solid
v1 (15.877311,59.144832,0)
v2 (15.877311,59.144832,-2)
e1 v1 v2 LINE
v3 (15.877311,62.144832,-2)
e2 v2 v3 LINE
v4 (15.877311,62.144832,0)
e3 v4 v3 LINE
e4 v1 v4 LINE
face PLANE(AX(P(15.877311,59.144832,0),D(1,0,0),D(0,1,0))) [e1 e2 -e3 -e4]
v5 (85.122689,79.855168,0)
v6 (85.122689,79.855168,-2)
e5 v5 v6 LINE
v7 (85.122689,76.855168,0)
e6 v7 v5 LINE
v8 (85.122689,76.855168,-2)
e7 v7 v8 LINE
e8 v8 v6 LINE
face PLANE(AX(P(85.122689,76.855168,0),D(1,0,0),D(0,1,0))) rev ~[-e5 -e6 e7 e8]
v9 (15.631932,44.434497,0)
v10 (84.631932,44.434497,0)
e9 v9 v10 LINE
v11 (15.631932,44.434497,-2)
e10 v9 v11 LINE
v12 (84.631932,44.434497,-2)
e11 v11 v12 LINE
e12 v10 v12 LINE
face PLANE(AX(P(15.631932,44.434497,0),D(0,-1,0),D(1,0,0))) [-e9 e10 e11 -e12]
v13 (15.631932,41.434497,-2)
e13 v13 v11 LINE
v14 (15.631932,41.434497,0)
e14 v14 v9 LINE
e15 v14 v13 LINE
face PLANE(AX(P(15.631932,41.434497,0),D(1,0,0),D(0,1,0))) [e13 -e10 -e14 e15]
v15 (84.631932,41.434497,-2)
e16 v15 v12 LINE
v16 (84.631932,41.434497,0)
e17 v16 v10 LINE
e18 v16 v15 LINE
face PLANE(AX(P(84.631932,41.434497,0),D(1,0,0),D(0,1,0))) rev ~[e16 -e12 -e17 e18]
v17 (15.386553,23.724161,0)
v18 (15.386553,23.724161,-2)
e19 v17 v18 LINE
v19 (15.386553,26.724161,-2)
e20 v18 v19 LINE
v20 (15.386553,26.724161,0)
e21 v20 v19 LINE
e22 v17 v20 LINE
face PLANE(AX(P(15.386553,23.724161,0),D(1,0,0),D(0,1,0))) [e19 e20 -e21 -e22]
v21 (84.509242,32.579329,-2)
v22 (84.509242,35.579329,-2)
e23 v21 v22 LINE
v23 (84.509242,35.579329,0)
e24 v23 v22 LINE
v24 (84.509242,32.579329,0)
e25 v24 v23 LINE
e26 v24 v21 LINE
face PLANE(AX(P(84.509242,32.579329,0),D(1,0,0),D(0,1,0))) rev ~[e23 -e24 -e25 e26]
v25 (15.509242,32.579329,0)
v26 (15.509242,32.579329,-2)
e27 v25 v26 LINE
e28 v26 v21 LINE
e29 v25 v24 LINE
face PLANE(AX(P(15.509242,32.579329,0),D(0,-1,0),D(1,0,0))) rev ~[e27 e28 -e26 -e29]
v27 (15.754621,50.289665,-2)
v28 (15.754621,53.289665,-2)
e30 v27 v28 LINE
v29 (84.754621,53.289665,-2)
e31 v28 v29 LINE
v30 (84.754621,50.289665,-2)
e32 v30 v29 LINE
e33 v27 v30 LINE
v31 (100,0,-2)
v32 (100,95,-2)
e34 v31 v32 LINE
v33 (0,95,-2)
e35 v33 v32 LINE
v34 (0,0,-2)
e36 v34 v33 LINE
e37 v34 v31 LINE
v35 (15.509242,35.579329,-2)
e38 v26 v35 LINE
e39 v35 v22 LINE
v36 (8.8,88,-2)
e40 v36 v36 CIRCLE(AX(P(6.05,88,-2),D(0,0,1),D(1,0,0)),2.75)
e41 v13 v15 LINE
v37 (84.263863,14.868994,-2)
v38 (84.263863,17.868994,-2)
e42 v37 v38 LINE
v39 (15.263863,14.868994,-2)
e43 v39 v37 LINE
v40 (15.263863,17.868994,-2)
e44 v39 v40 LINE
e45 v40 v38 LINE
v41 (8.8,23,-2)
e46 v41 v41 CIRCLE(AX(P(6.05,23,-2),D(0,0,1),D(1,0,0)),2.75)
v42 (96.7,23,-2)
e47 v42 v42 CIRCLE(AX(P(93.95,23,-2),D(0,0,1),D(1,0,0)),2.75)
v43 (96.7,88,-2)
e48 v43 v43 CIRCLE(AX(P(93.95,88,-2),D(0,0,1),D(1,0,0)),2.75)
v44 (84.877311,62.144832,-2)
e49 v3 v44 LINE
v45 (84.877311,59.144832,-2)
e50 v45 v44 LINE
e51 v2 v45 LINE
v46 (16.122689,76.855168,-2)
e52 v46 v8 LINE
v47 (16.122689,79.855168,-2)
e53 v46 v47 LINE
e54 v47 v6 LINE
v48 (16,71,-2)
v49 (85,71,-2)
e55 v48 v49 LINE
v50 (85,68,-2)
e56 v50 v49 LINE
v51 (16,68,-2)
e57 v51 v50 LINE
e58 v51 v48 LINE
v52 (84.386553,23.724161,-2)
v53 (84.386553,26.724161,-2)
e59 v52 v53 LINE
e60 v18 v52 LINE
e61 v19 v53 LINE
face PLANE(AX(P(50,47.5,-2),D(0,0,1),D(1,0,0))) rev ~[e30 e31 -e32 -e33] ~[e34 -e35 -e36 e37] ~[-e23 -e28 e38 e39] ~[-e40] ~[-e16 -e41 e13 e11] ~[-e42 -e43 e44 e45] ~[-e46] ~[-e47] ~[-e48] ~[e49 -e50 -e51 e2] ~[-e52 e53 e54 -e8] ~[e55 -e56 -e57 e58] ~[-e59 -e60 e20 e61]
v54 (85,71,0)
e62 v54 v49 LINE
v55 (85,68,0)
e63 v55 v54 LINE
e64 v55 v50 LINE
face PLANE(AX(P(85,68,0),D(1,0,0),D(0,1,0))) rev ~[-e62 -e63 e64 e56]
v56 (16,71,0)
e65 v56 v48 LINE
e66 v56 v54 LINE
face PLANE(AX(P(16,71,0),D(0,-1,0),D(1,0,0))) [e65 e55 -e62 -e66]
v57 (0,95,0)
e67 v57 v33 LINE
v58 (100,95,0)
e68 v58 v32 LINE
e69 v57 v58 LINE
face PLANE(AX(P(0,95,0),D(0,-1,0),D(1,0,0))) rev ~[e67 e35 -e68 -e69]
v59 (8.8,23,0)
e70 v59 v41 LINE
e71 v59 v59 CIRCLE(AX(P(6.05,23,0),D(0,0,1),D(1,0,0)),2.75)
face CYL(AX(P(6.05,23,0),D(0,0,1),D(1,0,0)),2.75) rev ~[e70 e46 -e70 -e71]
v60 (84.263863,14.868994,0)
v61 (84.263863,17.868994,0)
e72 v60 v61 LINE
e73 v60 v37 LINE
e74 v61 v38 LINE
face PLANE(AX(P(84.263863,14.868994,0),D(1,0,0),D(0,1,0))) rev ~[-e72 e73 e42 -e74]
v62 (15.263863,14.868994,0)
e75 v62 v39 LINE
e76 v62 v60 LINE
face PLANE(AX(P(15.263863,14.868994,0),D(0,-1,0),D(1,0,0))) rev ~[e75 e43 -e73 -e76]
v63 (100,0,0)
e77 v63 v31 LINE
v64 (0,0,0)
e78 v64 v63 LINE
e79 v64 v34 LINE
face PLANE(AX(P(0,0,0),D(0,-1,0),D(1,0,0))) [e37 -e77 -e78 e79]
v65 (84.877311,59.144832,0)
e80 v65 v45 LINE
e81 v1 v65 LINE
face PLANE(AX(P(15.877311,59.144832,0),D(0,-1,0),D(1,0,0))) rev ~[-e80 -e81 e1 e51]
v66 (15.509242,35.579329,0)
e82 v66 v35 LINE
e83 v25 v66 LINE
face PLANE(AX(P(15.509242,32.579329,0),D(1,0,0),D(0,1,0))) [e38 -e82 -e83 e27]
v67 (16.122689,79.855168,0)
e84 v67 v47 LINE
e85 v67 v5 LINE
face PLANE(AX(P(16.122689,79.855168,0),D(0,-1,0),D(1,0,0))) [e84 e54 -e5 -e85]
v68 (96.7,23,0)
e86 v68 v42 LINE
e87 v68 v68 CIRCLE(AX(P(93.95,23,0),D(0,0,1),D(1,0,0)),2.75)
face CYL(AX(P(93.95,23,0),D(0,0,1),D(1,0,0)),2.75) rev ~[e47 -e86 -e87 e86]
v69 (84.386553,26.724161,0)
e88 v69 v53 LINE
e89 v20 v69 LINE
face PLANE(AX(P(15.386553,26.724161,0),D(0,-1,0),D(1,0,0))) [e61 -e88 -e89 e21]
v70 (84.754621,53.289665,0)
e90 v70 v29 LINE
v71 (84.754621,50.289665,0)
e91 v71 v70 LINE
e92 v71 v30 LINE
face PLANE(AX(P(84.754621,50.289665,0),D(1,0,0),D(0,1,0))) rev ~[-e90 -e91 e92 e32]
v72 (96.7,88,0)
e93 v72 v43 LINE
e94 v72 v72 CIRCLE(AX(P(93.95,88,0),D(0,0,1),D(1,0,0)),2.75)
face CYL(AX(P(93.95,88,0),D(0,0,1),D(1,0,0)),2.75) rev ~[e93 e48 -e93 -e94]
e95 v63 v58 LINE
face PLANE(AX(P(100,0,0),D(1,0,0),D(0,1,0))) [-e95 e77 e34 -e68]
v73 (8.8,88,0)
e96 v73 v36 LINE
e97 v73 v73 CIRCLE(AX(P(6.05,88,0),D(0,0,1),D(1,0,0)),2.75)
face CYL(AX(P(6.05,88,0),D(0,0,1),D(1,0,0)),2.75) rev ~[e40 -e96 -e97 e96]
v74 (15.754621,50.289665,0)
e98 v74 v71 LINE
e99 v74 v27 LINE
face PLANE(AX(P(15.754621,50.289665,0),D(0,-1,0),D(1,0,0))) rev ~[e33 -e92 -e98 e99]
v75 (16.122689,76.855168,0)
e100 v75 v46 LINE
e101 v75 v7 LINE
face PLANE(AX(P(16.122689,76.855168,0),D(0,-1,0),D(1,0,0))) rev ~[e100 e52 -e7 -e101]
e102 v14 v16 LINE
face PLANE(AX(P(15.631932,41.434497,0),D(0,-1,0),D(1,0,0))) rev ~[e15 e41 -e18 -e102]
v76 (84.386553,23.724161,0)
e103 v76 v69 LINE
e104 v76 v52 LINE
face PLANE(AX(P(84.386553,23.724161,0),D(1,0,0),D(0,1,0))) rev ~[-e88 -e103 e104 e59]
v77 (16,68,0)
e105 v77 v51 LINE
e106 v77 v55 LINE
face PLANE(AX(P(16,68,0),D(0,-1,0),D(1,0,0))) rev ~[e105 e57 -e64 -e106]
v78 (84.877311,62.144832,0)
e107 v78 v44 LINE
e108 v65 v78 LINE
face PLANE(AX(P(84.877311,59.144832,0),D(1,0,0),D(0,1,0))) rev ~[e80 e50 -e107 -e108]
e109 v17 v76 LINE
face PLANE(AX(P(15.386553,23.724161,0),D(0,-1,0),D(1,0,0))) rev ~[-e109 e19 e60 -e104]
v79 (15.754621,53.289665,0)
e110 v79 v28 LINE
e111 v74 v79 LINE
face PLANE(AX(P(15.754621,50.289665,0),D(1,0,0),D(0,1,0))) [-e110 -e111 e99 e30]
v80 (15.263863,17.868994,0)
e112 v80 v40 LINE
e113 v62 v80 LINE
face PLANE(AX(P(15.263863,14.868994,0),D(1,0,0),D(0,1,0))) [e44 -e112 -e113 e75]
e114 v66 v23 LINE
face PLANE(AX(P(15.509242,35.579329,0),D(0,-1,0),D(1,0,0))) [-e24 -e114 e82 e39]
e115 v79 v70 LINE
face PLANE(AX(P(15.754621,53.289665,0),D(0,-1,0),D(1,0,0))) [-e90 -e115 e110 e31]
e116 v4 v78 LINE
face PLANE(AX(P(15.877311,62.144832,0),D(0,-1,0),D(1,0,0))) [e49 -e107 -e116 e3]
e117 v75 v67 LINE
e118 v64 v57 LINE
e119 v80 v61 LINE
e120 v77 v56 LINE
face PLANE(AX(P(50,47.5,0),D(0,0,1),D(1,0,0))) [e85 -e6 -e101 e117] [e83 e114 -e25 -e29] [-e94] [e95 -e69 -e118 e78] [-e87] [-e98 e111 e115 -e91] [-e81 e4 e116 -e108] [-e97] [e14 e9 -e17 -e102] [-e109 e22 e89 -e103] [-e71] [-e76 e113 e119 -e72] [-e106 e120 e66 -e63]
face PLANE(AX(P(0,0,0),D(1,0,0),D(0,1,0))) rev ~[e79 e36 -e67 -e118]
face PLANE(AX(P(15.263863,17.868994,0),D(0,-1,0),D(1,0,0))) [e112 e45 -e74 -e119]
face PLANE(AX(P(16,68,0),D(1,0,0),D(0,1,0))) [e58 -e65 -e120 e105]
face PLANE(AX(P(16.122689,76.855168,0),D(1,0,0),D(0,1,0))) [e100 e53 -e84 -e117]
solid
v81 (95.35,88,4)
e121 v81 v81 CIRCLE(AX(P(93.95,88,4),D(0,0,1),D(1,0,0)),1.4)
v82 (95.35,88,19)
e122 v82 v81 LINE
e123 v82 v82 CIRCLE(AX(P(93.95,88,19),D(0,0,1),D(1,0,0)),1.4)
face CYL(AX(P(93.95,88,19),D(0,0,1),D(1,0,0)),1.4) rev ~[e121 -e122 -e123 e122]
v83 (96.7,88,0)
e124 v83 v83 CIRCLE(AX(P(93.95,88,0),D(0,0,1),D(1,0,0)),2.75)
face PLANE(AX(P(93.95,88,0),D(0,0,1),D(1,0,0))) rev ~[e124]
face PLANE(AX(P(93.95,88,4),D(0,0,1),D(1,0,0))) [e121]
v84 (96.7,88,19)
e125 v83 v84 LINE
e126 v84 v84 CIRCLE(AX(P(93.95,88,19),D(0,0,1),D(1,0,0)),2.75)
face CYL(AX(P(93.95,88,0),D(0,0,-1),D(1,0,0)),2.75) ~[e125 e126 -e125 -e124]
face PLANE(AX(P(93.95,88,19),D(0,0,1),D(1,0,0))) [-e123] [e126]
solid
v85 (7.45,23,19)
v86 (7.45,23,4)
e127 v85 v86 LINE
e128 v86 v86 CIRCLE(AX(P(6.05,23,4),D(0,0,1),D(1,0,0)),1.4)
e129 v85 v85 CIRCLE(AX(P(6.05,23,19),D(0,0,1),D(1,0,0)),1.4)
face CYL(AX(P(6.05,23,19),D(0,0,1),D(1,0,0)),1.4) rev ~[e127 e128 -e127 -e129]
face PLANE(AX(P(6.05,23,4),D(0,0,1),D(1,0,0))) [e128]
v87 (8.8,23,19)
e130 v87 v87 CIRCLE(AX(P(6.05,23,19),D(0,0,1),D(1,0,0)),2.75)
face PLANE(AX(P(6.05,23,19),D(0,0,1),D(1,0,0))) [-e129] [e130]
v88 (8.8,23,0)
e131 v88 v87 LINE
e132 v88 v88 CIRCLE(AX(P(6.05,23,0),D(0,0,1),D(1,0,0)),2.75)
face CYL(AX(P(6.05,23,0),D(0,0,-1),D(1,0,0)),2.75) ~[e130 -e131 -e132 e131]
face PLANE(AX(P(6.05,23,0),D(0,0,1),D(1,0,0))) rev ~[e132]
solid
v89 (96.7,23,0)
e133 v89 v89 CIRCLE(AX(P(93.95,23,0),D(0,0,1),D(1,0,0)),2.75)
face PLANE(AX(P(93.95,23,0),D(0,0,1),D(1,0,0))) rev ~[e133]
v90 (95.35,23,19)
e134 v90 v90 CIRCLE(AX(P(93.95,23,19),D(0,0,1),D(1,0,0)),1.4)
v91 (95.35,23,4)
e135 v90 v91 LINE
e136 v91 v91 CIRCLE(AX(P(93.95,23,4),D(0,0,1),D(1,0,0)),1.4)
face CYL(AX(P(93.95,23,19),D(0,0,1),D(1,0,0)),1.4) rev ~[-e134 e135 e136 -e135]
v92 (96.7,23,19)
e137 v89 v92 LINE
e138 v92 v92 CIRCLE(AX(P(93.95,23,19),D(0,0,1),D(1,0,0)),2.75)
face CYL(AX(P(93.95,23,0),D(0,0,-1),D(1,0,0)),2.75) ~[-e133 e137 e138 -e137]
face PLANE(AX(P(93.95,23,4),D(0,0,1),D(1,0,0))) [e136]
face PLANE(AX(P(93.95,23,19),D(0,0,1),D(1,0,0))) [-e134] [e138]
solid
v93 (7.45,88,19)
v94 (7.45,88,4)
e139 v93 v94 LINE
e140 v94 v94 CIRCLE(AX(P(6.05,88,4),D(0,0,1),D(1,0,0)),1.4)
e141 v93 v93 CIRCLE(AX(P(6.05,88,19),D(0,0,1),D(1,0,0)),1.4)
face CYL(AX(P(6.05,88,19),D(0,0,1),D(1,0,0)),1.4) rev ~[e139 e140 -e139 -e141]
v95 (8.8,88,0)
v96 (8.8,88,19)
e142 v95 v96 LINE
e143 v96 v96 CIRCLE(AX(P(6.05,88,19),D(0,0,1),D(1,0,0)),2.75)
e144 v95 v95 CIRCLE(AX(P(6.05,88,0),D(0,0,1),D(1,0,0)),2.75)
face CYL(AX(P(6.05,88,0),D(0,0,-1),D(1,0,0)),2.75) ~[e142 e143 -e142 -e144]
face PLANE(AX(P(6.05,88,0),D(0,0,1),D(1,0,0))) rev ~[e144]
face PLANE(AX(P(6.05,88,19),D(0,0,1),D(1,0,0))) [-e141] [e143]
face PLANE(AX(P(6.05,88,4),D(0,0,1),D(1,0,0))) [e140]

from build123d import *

# Parameters (mm, degrees)
F0_W     = 100
F0_H     = 95
F0_R     = 2.75
F0_W_2   = 69
F0_H_2   = 3
F1_DEPTH = 2
F2_DEPTH = 19
F3_R     = 1.4
F4_DEPTH = 15


with BuildPart() as f1:
    # F0 (on Top) → F1 (new body)
    with BuildSketch(Plane.XY):
        with Locations((50, 47.5)):
            Rectangle(F0_W, F0_H)
        with Locations((6.05, 23)):
            Circle(F0_R, mode=Mode.SUBTRACT)
        with Locations((49.763863, 16.368994)):
            Rectangle(F0_W_2, F0_H_2, mode=Mode.SUBTRACT)
        with Locations((49.886553, 25.224161)):
            Rectangle(F0_W_2, F0_H_2, mode=Mode.SUBTRACT)
        with Locations((93.95, 23)):
            Circle(F0_R, mode=Mode.SUBTRACT)
        with Locations((50.009242, 34.079329)):
            Rectangle(F0_W_2, F0_H_2, mode=Mode.SUBTRACT)
        with Locations((50.131932, 42.934497)):
            Rectangle(F0_W_2, F0_H_2, mode=Mode.SUBTRACT)
        with Locations((6.05, 88)):
            Circle(F0_R, mode=Mode.SUBTRACT)
        with Locations((50.254621, 51.789665)):
            Rectangle(F0_W_2, F0_H_2, mode=Mode.SUBTRACT)
        with Locations((50.377311, 60.644832)):
            Rectangle(F0_W_2, F0_H_2, mode=Mode.SUBTRACT)
        with Locations((50.5, 69.5)):
            Rectangle(F0_W_2, F0_H_2, mode=Mode.SUBTRACT)
        with Locations((50.622689, 78.355168)):
            Rectangle(F0_W_2, F0_H_2, mode=Mode.SUBTRACT)
        with Locations((93.95, 88)):
            Circle(F0_R, mode=Mode.SUBTRACT)
    extrude(amount=-F1_DEPTH)


with BuildPart() as f2:
    # F0 (on Top) → F2 (new body)
    with BuildSketch(Plane.XY):
        with Locations((6.05, 88)):
            Circle(F0_R)
        with Locations((93.95, 88)):
            Circle(F0_R)
        with Locations((93.95, 23)):
            Circle(F0_R)
        with Locations((6.05, 23)):
            Circle(F0_R)
    extrude(amount=F2_DEPTH)

    # F3 (on face) → F4 (cut)
    with BuildSketch(Plane.XY.offset(19)):
        with Locations((6.05, 88)):
            Circle(F3_R)
        with Locations((93.95, 88)):
            Circle(F3_R)
        with Locations((6.05, 23)):
            Circle(F3_R)
        with Locations((93.95, 23)):
            Circle(F3_R)
    extrude(amount=-F4_DEPTH, mode=Mode.SUBTRACT)


solid = Compound([f1.part, f2.part])
